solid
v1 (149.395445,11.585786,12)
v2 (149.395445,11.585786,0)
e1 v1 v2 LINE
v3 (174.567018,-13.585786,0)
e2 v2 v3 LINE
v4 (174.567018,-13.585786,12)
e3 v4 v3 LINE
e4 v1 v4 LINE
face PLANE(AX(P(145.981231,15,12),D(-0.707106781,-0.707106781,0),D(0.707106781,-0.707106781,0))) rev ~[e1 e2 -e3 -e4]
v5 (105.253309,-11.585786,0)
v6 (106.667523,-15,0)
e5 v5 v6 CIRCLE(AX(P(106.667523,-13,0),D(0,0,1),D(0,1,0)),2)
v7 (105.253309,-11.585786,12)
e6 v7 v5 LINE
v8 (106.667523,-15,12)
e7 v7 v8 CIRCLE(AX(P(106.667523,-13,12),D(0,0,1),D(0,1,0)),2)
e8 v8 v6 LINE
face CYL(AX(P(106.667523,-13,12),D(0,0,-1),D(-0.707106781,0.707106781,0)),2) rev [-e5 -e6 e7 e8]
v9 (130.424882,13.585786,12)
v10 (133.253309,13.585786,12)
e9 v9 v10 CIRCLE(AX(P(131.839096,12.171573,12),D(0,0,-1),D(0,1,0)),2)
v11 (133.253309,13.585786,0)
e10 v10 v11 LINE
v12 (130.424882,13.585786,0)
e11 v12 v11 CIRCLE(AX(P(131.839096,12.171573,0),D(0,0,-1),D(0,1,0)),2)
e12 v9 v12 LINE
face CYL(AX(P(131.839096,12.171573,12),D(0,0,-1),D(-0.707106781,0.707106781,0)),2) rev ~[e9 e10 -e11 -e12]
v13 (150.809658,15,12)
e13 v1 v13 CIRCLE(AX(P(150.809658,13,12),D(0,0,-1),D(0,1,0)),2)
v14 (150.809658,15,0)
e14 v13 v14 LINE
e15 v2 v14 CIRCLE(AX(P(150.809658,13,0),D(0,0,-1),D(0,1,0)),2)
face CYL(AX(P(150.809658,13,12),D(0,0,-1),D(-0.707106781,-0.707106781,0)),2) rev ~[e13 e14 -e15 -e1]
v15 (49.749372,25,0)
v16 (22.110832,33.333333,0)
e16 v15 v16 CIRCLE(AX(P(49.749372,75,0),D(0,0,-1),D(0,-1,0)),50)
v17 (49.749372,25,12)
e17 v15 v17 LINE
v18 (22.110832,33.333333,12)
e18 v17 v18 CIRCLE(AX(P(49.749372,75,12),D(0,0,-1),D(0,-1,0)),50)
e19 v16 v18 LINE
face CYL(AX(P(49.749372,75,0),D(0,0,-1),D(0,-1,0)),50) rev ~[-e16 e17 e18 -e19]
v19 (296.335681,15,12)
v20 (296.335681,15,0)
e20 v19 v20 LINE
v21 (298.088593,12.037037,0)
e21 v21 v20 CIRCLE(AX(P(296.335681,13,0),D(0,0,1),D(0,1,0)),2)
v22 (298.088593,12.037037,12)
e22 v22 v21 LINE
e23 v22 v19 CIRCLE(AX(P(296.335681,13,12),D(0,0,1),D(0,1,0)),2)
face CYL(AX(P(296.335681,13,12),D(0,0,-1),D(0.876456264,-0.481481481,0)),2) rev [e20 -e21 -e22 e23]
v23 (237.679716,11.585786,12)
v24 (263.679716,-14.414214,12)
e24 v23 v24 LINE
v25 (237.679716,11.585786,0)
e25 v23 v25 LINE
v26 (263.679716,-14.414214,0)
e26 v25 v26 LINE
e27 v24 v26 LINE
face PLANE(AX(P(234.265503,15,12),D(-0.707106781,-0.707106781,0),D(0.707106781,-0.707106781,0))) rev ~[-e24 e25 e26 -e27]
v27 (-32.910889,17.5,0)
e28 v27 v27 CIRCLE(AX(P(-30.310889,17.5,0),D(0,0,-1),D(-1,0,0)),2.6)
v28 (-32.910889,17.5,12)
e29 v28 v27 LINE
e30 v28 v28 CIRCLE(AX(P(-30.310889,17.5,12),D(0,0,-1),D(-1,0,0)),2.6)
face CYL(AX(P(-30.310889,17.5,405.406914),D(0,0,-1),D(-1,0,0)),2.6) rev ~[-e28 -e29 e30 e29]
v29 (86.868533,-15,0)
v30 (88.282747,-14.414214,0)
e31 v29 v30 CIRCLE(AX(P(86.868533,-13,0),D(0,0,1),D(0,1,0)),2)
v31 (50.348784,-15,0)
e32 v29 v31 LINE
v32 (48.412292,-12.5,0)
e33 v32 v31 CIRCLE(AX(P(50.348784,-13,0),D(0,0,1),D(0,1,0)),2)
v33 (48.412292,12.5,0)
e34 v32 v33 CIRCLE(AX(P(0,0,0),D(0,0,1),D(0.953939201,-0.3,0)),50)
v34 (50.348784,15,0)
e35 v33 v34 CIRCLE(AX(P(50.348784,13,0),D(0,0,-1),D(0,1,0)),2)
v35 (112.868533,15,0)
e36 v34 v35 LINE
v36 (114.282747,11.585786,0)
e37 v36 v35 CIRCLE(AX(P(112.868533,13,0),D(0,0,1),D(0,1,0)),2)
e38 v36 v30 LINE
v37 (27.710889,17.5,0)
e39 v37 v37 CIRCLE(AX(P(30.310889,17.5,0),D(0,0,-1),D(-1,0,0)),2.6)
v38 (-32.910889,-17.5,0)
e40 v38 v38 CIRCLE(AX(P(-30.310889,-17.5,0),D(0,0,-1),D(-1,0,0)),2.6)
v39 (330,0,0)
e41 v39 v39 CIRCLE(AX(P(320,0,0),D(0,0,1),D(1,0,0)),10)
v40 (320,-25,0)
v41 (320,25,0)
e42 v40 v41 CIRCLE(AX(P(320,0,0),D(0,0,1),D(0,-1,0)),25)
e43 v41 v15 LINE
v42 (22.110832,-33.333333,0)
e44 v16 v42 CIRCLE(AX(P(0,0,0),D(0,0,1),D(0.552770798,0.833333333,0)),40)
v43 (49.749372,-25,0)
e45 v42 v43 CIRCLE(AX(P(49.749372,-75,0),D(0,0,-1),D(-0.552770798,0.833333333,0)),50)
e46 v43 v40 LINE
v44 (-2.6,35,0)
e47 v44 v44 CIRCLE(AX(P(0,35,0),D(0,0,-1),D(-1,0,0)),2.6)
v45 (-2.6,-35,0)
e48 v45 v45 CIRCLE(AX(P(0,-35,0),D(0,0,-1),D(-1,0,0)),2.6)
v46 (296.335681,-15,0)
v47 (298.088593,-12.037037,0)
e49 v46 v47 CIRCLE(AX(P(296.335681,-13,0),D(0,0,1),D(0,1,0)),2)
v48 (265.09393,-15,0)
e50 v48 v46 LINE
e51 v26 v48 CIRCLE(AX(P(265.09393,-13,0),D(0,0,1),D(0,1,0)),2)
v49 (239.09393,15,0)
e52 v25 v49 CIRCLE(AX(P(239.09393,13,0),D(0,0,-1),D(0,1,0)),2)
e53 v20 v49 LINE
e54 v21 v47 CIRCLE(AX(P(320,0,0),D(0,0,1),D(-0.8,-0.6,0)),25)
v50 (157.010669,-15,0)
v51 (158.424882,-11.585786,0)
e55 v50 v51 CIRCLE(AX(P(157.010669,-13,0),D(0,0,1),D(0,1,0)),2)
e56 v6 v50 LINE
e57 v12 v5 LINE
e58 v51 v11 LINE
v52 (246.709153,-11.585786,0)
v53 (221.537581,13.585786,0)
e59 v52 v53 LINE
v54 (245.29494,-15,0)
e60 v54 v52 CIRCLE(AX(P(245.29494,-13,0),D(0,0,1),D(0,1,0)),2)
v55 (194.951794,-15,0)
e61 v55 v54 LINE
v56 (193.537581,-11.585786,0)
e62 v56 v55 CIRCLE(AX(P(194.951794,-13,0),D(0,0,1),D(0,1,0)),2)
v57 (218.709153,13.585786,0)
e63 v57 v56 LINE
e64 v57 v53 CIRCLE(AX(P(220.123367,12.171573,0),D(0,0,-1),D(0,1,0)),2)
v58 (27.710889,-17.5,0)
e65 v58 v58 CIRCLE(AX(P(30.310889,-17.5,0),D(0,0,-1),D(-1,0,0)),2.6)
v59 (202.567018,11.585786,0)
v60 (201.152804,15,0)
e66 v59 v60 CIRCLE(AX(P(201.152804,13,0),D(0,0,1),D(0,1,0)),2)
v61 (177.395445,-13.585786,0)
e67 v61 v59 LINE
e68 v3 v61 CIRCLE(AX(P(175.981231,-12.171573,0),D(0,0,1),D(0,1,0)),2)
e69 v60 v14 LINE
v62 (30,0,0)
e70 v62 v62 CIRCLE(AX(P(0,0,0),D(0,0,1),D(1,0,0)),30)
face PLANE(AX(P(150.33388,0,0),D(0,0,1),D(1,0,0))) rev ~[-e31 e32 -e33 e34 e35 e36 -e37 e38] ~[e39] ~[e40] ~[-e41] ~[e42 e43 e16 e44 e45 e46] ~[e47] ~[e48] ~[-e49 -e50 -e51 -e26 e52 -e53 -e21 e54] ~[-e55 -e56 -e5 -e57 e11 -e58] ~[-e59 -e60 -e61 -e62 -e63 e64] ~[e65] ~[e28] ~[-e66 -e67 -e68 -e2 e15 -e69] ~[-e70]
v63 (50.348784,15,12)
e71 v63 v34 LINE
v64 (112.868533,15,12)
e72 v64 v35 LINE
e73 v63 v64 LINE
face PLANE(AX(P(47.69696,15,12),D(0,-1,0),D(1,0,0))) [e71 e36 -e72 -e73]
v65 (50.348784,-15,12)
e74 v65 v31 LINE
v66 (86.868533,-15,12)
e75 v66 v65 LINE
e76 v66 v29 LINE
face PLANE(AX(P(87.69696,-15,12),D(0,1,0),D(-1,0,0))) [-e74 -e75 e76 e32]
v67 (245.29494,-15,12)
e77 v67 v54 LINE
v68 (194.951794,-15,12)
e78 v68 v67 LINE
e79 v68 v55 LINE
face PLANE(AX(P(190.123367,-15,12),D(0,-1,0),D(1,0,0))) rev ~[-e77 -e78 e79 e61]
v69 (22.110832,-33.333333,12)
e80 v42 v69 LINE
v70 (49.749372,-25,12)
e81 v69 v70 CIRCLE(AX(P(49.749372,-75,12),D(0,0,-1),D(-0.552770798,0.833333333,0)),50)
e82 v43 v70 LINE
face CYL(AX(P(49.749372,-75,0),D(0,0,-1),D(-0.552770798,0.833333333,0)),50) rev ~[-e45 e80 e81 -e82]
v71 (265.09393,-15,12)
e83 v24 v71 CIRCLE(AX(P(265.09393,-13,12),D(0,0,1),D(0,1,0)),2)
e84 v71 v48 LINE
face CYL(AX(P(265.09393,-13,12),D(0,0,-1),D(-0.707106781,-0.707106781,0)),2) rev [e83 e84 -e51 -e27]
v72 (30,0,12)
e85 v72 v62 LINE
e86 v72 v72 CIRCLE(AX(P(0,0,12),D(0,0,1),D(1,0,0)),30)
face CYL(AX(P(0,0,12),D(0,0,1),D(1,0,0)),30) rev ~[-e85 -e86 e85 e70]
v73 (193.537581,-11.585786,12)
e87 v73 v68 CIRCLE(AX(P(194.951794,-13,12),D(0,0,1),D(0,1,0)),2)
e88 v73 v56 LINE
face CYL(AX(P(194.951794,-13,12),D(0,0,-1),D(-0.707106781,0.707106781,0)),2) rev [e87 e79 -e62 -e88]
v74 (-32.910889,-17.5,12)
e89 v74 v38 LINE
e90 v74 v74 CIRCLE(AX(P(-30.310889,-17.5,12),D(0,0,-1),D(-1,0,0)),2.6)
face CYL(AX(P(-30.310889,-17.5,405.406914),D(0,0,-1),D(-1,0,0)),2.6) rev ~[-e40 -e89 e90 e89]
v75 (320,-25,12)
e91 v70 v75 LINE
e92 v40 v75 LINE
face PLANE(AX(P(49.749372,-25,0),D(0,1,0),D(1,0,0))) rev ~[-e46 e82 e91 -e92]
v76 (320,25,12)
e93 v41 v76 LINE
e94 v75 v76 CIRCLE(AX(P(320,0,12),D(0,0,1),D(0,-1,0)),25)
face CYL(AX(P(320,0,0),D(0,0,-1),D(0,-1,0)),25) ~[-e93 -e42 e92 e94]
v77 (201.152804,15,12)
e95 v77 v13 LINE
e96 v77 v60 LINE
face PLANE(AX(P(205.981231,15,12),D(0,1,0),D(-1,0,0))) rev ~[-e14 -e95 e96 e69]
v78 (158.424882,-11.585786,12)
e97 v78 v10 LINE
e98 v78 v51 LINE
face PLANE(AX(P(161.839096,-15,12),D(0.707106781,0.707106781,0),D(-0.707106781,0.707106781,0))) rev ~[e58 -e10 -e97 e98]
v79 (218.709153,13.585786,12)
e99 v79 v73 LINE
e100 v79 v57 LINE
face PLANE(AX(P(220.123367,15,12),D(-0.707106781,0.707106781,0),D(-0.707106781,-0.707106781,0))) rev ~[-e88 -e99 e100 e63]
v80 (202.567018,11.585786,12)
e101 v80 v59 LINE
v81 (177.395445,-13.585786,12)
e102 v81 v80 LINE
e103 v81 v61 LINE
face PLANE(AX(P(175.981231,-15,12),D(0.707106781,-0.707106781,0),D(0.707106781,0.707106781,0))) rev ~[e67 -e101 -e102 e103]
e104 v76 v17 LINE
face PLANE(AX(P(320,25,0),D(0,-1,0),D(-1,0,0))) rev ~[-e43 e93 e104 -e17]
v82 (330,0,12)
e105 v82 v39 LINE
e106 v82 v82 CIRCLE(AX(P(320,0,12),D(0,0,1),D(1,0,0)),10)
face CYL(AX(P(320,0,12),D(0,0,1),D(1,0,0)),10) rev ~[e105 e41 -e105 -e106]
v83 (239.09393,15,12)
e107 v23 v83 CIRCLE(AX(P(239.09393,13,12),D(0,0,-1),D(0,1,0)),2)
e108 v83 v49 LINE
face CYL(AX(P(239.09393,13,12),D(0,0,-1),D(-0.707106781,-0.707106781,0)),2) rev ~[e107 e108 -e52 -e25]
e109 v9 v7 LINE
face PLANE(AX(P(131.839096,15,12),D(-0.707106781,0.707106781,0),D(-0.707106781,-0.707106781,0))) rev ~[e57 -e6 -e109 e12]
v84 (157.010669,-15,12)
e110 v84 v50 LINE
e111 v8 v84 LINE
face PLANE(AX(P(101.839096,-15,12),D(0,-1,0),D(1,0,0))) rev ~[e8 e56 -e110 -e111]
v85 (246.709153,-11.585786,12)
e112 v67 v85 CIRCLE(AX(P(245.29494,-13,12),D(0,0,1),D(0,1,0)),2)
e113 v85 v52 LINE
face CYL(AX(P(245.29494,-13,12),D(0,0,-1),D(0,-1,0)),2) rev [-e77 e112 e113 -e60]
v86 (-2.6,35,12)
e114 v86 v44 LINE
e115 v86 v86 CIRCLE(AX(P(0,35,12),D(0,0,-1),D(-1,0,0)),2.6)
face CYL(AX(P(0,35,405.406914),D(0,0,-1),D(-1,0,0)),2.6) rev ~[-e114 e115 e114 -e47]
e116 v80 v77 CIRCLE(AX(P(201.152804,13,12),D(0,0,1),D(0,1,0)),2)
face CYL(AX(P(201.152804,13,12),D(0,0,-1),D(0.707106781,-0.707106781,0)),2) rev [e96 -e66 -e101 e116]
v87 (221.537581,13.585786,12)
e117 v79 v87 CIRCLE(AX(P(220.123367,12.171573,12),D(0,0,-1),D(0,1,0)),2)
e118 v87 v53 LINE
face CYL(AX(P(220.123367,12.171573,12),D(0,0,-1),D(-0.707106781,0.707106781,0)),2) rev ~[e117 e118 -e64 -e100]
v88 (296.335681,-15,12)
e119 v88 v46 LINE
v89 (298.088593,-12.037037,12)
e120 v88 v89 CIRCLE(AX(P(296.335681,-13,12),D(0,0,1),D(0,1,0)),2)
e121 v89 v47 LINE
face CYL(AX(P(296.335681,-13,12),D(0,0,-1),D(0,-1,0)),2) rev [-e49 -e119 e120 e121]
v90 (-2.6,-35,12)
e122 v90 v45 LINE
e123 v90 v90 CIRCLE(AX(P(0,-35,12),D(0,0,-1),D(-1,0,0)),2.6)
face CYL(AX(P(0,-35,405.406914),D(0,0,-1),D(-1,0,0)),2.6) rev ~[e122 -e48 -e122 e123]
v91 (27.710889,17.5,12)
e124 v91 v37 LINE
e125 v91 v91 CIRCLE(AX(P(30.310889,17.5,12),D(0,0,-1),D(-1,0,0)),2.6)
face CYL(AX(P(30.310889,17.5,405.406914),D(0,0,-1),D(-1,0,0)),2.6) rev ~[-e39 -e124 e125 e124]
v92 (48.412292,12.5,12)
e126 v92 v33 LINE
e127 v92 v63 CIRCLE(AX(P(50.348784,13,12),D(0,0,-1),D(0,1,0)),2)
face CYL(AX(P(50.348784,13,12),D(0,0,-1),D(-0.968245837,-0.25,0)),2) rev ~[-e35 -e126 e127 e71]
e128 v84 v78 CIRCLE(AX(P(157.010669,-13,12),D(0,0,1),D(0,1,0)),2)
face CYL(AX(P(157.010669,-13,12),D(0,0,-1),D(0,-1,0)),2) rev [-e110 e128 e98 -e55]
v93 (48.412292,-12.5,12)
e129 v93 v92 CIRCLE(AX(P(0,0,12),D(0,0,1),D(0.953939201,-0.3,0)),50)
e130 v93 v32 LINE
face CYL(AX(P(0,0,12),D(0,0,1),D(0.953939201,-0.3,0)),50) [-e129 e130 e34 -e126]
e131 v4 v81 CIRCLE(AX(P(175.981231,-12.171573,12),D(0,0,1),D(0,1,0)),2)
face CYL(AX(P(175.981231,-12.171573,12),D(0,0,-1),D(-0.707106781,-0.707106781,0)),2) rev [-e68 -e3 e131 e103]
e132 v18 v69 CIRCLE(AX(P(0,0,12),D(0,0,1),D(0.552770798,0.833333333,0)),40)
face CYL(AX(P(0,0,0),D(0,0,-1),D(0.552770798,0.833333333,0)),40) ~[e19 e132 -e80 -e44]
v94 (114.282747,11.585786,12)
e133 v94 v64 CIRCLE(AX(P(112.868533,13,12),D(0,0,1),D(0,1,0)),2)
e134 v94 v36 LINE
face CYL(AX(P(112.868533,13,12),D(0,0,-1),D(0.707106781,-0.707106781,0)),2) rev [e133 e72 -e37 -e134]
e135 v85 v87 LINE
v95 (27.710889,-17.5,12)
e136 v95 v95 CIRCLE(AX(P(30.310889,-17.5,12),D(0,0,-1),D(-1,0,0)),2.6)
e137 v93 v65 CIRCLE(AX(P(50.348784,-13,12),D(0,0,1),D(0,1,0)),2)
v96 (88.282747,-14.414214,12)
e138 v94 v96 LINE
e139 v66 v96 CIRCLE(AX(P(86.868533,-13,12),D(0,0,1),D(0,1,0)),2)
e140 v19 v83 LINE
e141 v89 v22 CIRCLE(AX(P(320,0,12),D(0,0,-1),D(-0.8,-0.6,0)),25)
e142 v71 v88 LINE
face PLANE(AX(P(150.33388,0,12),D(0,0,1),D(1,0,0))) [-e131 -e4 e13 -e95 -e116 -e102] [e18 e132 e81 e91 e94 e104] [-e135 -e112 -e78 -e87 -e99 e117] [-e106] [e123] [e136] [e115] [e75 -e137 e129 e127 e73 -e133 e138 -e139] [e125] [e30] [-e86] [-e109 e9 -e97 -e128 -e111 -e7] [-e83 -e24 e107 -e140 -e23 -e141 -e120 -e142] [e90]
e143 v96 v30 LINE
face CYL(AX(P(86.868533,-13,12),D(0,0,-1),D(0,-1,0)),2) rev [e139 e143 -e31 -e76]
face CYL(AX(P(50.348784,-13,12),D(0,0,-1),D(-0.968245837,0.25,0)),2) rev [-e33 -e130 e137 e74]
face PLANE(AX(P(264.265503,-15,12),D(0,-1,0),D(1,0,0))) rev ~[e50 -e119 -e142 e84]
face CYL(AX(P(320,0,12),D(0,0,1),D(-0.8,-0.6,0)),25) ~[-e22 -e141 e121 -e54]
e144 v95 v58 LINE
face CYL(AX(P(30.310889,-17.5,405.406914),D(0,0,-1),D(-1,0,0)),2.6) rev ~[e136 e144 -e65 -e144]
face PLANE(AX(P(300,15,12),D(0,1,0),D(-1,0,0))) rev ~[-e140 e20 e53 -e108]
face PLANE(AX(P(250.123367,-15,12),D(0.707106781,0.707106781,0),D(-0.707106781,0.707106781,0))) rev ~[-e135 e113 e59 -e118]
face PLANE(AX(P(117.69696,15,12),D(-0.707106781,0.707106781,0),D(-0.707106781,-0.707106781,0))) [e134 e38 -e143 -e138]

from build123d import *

# Parameters (mm, degrees)
EXTRUDE_1_DEPTH         = 12
SKETCH_5_R              = 30
SKETCH_5_R_2            = 10
CUT_EXTRUDE_1_DEPTH     = 348.51834484
CUT_EXTRUDE_3_DEPTH     = 348.51834484
FILLET_1_R              = 2
HOLE_WIZARD_5_2_5_2_1_D = 5.2


with BuildPart() as part:
    # 草图1 → 凸台-拉伸1 (new body)
    with BuildSketch(Plane.XY):
        with BuildLine():
            Line((320, 25), (49.749371855, 25))
            ThreePointArc((49.749371855, 25), (35.315615126, 27.128644612), (22.110831936, 33.333333333))
            ThreePointArc((22.110831936, 33.333333333), (-40, 0), (22.110831936, -33.333333333))
            ThreePointArc((22.110831936, -33.333333333), (35.315615126, -27.128644612), (49.749371855, -25))
            Line((49.749371855, -25), (320, -25))
            ThreePointArc((320, -25), (345, 0), (320, 25))
        make_face()
    extrude(amount=EXTRUDE_1_DEPTH)

    # 草图5 → 切除-拉伸1 (cut, through all)
    with BuildSketch(Plane.XY.offset(12)):
        Circle(SKETCH_5_R)
        with Locations((320, 0)):
            Circle(SKETCH_5_R_2)
    extrude(amount=-CUT_EXTRUDE_1_DEPTH, mode=Mode.SUBTRACT)

    # 草图6 → 切除-拉伸3 (cut, through all)
    with BuildSketch(Plane.XY.offset(12)):
        with BuildLine():
            Line((47.696960071, 15), (117.696960071, 15))
            Line((117.696960071, 15), (87.696960071, -15))
            Line((87.696960071, -15), (47.696960071, -15))
            ThreePointArc((47.696960071, -15), (50, 0), (47.696960071, 15))
        make_face()
        Polygon((131.839095695, 15), (101.839095695, -15), (161.839095695, -15), align=None)
        Polygon((145.981231318, 15), (175.981231318, -15), (205.981231318, 15), align=None)
        Polygon((220.123366942, 15), (190.123366942, -15), (250.123366942, -15), align=None)
        with BuildLine():
            Line((234.265502566, 15), (264.265502566, -15))
            Line((264.265502566, -15), (300, -15))
            ThreePointArc((300, -15), (295, 0), (300, 15))
            Line((300, 15), (234.265502566, 15))
        make_face()
    extrude(amount=-CUT_EXTRUDE_3_DEPTH, mode=Mode.SUBTRACT)

    # 圆角1
    fillet_1_edges = [part.edges().sort_by_distance(p)[0] for p in [
        (117.696960071, 15, 6),
        (87.696960071, -15, 6),
        (47.696960071, -15, 6),
        (47.696960071, 15, 6),
        (145.981231318, 15, 6),
        (205.981231318, 15, 6),
        (175.981231318, -15, 6),
        (300, 15, 6),
        (300, -15, 6),
        (264.265502566, -15, 6),
        (234.265502566, 15, 6),
        (220.123366942, 15, 6),
        (250.123366942, -15, 6),
        (190.123366942, -15, 6),
        (131.839095695, 15, 6),
        (161.839095695, -15, 6),
        (101.839095695, -15, 6),
    ]]
    fillet(fillet_1_edges, radius=FILLET_1_R)

    # Ø5.2 (5.2) 直径孔1 (through all)
    with Locations(Plane(origin=(0, 35, 12), x_dir=(1, 0, 0), z_dir=(0, 0, 1))):
        with Locations((0, 0), (-30.310889132, -17.5), (-30.310889132, -52.5), (0, -70), (30.310889132, -52.5), (30.310889132, -17.5)):
            Hole(HOLE_WIZARD_5_2_5_2_1_D / 2)


solid = part.part
